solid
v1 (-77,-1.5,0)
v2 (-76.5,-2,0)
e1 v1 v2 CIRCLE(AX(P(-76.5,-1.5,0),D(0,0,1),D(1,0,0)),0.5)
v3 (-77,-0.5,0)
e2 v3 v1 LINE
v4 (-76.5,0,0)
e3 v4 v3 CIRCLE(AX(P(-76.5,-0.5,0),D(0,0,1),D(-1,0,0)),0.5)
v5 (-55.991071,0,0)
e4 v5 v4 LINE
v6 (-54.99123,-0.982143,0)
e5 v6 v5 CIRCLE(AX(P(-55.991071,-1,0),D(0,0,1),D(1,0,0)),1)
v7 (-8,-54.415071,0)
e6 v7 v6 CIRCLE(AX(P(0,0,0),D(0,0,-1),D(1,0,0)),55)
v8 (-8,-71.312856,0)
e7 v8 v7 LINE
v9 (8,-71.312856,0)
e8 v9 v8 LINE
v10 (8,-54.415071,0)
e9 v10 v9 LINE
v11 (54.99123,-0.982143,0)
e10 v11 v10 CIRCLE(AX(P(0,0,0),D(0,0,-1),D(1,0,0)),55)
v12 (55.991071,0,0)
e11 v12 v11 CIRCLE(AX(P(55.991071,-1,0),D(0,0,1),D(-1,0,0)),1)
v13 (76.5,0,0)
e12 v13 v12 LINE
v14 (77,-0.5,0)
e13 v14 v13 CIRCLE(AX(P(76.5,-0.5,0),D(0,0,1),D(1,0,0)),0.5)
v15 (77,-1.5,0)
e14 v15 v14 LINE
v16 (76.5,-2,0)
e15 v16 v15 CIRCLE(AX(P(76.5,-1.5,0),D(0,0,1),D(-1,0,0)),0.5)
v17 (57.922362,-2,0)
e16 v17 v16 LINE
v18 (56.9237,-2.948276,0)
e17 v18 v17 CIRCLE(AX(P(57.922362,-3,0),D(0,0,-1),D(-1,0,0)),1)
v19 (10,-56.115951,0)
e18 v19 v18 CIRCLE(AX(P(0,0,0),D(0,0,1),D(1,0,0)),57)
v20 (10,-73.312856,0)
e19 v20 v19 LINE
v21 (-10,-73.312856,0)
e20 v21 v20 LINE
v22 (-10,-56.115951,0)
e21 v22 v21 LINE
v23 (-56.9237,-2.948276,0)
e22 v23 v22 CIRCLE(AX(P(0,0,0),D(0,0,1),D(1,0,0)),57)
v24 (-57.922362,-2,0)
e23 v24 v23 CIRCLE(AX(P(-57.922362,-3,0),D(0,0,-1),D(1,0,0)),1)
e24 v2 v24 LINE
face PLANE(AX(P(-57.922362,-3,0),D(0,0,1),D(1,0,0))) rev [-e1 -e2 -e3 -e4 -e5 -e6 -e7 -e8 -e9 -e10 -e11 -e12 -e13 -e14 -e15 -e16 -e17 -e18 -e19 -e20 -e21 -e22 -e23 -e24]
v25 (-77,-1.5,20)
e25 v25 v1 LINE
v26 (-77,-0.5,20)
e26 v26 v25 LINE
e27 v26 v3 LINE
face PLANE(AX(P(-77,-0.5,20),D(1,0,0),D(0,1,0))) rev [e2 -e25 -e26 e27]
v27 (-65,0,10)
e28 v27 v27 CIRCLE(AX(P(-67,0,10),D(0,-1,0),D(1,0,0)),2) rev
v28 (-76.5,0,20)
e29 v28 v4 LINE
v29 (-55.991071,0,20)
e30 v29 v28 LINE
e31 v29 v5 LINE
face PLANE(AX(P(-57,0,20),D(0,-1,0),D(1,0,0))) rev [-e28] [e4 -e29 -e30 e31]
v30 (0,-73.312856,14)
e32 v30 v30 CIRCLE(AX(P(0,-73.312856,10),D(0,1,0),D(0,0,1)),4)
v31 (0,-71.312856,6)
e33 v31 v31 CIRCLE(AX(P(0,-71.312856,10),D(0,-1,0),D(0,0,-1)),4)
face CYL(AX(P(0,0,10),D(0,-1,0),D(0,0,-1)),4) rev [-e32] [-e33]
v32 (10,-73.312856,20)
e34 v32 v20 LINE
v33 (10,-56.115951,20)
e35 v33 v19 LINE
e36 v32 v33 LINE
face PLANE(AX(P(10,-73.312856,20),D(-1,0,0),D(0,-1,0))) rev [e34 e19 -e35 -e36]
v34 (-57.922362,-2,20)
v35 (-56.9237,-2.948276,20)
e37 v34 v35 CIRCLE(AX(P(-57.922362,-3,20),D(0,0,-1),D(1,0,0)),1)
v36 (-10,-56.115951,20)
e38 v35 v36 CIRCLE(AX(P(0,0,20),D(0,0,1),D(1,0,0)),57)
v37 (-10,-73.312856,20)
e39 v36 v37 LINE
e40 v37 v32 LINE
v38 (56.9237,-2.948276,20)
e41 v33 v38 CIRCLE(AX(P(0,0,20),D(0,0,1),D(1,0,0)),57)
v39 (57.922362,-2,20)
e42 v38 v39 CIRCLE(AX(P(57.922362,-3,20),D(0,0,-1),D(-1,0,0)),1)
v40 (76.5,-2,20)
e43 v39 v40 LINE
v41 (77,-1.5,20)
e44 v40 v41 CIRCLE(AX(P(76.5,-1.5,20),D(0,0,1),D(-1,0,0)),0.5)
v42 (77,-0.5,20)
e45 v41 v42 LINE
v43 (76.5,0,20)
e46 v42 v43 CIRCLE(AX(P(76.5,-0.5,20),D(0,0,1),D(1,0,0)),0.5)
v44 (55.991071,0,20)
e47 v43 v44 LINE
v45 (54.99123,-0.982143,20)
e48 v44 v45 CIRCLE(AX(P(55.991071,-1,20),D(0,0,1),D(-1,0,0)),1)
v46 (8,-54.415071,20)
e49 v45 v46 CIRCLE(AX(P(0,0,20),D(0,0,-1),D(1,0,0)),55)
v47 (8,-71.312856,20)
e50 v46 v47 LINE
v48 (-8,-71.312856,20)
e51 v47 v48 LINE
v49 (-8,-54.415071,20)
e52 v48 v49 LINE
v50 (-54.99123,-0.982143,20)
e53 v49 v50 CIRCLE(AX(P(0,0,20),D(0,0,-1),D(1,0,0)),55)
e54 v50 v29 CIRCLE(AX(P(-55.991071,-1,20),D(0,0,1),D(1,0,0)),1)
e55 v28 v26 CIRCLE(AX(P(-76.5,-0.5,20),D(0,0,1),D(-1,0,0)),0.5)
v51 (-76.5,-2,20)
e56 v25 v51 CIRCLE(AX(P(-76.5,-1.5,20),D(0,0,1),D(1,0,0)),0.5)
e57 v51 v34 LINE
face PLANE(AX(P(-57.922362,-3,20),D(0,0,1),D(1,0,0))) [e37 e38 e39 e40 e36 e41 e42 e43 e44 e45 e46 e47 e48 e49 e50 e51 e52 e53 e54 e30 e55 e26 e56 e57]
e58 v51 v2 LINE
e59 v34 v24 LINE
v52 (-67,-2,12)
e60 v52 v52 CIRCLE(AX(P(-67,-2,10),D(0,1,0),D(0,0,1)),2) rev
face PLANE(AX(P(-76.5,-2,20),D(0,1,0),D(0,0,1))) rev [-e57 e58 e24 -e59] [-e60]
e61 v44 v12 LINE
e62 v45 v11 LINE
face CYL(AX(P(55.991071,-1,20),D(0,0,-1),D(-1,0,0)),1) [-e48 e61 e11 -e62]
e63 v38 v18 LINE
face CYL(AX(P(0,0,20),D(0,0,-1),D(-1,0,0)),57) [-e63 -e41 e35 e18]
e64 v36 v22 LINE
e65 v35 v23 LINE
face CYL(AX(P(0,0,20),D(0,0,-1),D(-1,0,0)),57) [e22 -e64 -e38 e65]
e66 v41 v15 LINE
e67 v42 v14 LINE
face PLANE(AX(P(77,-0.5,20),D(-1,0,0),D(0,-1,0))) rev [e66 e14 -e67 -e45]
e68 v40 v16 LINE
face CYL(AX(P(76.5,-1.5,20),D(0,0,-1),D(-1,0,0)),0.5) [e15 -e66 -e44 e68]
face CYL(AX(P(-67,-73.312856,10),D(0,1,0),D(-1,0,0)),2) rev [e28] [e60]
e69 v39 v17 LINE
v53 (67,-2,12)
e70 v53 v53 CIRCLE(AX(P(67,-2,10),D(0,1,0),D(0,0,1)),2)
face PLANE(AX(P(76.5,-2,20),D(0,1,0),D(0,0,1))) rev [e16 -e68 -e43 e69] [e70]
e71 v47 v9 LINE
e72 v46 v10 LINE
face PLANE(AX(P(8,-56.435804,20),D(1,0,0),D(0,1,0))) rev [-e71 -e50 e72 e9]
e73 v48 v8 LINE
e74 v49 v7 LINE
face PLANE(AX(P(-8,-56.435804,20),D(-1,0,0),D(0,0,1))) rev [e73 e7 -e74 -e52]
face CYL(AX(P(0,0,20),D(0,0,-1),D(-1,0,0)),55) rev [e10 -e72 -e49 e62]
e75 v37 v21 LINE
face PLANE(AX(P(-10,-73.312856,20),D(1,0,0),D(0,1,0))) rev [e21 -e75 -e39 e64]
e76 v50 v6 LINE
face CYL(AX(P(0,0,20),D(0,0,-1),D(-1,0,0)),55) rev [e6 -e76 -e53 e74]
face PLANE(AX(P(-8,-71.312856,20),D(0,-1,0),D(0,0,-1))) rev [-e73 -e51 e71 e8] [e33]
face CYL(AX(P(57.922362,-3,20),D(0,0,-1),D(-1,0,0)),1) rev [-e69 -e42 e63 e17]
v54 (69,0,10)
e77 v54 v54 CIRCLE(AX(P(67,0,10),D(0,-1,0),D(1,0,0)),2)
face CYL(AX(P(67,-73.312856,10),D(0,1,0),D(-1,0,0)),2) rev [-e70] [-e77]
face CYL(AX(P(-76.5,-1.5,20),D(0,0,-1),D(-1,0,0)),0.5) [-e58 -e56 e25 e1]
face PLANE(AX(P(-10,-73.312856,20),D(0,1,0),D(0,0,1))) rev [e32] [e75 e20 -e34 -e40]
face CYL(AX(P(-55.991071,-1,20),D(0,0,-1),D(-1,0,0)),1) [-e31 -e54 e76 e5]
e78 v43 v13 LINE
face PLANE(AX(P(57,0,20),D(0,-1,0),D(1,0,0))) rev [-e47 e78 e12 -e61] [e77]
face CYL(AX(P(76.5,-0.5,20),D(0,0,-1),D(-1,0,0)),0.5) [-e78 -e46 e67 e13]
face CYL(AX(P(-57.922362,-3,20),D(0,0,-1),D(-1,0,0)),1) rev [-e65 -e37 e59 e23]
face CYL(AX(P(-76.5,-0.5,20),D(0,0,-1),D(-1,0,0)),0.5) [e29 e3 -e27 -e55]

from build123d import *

# Parameters (mm, degrees)
SALIENTE_EXTRUIR2_DEPTH    = 20
CORTAR_EXTRUIR1_DEPTH      = 109.18398602
CORTAR_EXTRUIR1_DEPTH_BACK = 109.18398602
CROQUIS3_R                 = 4
CROQUIS4_R                 = 2
CORTAR_EXTRUIR2_DEPTH      = 109.18398602


with BuildPart() as part:
    # Croquis1 → Saliente-Extruir2 (new body)
    with BuildSketch(Plane.XY):
        with BuildLine():
            Line((-57, 0), (-55.991070717, 0))
            ThreePointArc((-55.991070717, 0), (-55.290305828, -0.286607702), (-54.991230168, -0.982142857))
            ThreePointArc((-54.991230168, -0.982142857), (-41.300644472, -36.32157439), (-8, -54.415071442))
            Line((-8, -54.415071442), (-8, -56.435804238))
            Line((-8, -56.435804238), (-8, -71.312855839))
            Line((-8, -71.312855839), (8, -71.312855839))
            Line((8, -71.312855839), (8, -56.435804238))
            Line((8, -56.435804238), (8, -54.415071442))
            ThreePointArc((8, -54.415071442), (41.300644472, -36.32157439), (54.991230168, -0.982142857))
            ThreePointArc((54.991230168, -0.982142857), (55.290305828, -0.286607702), (55.991070717, 0))
            Line((55.991070717, 0), (57, 0))
            Line((57, 0), (76.5, 0))
            ThreePointArc((76.5, 0), (76.853553391, -0.146446609), (77, -0.5))
            Line((77, -0.5), (77, -1.5))
            ThreePointArc((77, -1.5), (76.853553391, -1.853553391), (76.5, -2))
            Line((76.5, -2), (57.92236183, -2))
            ThreePointArc((57.92236183, -2), (57.233785087, -2.274836523), (56.923700419, -2.948275862))
            ThreePointArc((56.923700419, -2.948275862), (42.736352788, -37.717425023), (10, -56.115951386))
            Line((10, -56.115951386), (10, -73.312855839))
            Line((10, -73.312855839), (-10, -73.312855839))
            Line((-10, -73.312855839), (-10, -56.115951386))
            ThreePointArc((-10, -56.115951386), (-42.736352788, -37.717425023), (-56.923700419, -2.948275862))
            ThreePointArc((-56.923700419, -2.948275862), (-57.233785087, -2.274836523), (-57.92236183, -2))
            Line((-57.92236183, -2), (-76.5, -2))
            ThreePointArc((-76.5, -2), (-76.853553391, -1.853553391), (-77, -1.5))
            Line((-77, -1.5), (-77, -0.5))
            ThreePointArc((-77, -0.5), (-76.853553391, -0.146446609), (-76.5, 0))
            Line((-76.5, 0), (-57, 0))
        make_face()
    extrude(amount=SALIENTE_EXTRUIR2_DEPTH)

    # Croquis3 → Cortar-Extruir1 (cut, two sides: drawn at the far end of the back side and taken through both)
    with BuildSketch(Plane.XZ.offset(73.312855839).offset(-CORTAR_EXTRUIR1_DEPTH_BACK)):
        with Locations(Location((0, 10, 0), (0, 0, 270))):
            Circle(CROQUIS3_R)
    extrude(amount=CORTAR_EXTRUIR1_DEPTH + CORTAR_EXTRUIR1_DEPTH_BACK, mode=Mode.SUBTRACT)

    # Croquis4 → Cortar-Extruir2 (cut, symmetric)
    with BuildSketch(Plane(origin=(0, 0, 0), x_dir=(1, 0, 0), z_dir=(0, 1, 0))):
        with Locations(Location((67, -10, 0), (0, 0, 270))):
            Circle(CROQUIS4_R)
    cortar_extruir2 = extrude(amount=CORTAR_EXTRUIR2_DEPTH, both=True, mode=Mode.SUBTRACT)

    # Simetría1: Cortar-Extruir2 across plane
    add(cortar_extruir2.mirror(Plane(origin=(0, 0, 0), x_dir=(0, 0, 1), z_dir=(1, 0, 0))), mode=Mode.SUBTRACT)


solid = part.part
